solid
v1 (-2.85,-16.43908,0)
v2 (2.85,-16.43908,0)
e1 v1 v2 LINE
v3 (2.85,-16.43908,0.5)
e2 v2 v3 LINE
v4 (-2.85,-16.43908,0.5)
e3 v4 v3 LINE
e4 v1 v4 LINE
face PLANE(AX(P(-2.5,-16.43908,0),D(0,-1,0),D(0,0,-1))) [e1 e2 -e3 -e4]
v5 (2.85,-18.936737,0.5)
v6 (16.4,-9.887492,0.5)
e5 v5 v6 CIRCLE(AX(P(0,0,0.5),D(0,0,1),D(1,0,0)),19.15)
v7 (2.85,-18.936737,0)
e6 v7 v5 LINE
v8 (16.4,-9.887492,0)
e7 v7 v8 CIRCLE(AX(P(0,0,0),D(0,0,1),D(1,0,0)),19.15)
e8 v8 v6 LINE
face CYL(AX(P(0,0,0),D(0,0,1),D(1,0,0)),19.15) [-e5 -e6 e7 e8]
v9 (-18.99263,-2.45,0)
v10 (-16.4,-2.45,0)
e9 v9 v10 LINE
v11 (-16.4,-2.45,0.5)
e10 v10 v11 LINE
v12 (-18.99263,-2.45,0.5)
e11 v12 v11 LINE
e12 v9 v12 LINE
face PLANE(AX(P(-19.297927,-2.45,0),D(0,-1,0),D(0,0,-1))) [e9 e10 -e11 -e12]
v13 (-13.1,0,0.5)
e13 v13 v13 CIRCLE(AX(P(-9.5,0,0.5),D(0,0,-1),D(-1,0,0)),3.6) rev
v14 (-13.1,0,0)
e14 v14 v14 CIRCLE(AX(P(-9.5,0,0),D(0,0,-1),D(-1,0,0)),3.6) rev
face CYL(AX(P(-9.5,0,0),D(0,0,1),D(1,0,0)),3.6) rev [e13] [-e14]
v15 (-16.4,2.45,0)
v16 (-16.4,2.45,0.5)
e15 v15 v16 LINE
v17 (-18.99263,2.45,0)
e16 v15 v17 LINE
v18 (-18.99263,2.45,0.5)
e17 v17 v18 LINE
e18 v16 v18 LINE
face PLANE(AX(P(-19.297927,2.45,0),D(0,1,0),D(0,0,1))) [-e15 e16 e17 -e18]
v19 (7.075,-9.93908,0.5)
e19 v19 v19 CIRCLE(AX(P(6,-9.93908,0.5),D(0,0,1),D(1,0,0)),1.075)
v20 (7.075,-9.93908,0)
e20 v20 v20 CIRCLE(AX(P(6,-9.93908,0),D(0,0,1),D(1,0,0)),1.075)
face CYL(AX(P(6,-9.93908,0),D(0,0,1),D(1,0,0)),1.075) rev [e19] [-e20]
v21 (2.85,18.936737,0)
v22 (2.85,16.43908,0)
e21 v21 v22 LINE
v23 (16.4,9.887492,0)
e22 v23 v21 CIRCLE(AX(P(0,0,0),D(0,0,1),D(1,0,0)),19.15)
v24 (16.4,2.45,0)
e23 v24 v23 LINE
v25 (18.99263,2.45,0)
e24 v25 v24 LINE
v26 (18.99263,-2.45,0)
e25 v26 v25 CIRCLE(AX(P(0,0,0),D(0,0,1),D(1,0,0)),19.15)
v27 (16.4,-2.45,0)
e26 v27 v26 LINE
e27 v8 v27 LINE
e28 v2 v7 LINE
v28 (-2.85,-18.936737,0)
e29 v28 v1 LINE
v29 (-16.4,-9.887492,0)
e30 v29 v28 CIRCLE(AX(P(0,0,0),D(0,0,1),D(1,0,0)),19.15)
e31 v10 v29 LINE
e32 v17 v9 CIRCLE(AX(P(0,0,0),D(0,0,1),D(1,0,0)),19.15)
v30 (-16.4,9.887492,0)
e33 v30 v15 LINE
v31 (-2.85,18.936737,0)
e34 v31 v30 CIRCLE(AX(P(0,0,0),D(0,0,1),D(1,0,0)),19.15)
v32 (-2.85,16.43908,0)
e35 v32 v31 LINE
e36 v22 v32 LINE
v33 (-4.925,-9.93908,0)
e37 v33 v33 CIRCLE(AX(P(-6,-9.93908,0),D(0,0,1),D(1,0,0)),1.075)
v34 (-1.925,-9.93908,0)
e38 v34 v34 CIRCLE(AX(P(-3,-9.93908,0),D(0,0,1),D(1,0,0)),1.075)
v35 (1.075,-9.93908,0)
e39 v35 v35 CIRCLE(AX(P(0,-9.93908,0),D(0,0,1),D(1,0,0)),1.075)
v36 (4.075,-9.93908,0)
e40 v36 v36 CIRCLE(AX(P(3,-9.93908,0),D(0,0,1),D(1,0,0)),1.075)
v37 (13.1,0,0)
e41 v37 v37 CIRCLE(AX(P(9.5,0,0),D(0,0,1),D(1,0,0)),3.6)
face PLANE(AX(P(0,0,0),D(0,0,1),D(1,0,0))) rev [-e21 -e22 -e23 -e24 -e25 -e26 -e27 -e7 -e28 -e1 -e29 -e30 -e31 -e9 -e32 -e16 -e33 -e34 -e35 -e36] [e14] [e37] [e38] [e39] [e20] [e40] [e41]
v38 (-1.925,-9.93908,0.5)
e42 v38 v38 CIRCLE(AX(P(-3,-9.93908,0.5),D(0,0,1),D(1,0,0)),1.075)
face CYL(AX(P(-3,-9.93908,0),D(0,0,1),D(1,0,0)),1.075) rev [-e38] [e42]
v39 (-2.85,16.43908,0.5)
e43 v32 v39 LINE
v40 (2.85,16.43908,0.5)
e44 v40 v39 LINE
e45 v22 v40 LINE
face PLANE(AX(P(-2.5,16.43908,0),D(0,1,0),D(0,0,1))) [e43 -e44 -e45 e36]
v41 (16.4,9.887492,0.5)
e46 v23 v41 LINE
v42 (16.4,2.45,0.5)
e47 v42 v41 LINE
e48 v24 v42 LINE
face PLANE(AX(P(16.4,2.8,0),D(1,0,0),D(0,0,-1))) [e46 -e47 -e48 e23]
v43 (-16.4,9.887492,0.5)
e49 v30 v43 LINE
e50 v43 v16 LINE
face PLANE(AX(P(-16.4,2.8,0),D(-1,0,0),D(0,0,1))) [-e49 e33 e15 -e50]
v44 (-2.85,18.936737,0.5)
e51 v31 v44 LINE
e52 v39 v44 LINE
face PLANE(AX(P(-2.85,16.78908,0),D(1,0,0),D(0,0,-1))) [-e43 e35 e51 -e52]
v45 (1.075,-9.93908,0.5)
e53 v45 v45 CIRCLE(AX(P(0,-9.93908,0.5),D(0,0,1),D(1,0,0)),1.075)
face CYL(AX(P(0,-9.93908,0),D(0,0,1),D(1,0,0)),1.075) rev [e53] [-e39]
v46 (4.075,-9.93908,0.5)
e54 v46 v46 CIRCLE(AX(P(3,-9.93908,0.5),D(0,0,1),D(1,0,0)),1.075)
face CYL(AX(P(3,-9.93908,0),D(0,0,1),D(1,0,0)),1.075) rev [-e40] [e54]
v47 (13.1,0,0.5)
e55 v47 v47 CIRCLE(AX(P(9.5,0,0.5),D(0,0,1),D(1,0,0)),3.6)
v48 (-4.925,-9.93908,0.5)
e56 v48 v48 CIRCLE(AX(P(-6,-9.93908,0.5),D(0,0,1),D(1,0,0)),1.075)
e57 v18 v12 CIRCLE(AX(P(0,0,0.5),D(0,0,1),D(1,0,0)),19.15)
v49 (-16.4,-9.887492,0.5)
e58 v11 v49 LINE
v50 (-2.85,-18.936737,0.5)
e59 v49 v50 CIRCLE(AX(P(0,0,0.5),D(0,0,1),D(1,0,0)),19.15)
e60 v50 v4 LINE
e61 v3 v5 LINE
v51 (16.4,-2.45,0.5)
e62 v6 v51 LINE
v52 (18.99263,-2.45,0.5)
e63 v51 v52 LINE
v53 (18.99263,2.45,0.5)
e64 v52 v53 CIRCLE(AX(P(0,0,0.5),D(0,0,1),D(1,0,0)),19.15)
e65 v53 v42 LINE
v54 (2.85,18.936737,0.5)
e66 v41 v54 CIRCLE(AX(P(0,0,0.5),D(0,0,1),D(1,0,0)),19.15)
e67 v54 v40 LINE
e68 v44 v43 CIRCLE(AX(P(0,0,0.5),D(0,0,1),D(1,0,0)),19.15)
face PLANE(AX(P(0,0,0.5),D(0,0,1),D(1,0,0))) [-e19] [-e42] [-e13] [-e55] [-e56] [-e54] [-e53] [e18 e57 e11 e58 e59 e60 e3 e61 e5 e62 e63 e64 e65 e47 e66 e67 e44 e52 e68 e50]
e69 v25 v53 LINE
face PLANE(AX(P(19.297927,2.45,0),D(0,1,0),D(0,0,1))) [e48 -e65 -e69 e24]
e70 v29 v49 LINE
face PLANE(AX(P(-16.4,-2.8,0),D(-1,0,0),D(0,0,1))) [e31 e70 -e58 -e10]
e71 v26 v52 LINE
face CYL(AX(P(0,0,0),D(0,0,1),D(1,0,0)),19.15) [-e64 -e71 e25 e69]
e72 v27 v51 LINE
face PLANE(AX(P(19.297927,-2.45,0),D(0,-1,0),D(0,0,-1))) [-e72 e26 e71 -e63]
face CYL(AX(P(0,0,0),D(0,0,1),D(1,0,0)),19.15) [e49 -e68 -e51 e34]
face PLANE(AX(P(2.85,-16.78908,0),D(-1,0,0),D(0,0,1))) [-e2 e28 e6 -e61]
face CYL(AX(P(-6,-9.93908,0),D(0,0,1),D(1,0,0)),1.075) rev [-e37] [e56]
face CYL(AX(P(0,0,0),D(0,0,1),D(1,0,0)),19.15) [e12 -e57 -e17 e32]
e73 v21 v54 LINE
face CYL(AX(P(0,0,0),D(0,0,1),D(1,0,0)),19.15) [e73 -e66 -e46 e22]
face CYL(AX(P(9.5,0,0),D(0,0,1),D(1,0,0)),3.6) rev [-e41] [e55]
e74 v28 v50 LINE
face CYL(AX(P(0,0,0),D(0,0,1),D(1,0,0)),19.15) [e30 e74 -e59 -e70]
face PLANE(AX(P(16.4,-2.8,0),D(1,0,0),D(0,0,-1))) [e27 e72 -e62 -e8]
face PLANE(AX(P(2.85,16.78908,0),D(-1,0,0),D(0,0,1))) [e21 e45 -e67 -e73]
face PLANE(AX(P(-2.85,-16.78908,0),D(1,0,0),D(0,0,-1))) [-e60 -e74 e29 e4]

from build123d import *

# Parameters (mm, degrees)
IZIM1_R                     = 3.25
IZIM1_R_2                   = 0.725
Y_KSEKLIK_EKSTR_ZYON3_DEPTH = 0.5
IZIM2_R                     = 1.075
IZIM2_R_2                   = 0.375
IZIM2_R_3                   = 3.6
IZIM2_R_4                   = 2.9
KES_EKSTR_ZYON_NCE1_DEPTH   = 0.5


with BuildPart() as part:
    # Çizim1 → Yükseklik-Ekstrüzyon3 (new body)
    with BuildSketch(Plane.XY):
        with BuildLine():
            Line((-19.29792735, 2.8), (-16.75, 2.8))
            Line((-16.75, 2.8), (-16.75, 9.984362774))
            ThreePointArc((-16.75, 9.984362774), (-10.701322664, 16.301278884), (-2.5, 19.339079606))
            Line((-2.5, 19.339079606), (-2.5, 16.789079606))
            Line((-2.5, 16.789079606), (2.5, 16.789079606))
            Line((2.5, 16.789079606), (2.5, 19.339079606))
            ThreePointArc((2.5, 19.339079606), (10.701322664, 16.301278884), (16.75, 9.984362774))
            Line((16.75, 9.984362774), (16.75, 2.8))
            Line((16.75, 2.8), (19.29792735, 2.8))
            ThreePointArc((19.29792735, 2.8), (19.5, 0), (19.29792735, -2.8))
            Line((19.29792735, -2.8), (16.75, -2.8))
            Line((16.75, -2.8), (16.75, -9.984362774))
            ThreePointArc((16.75, -9.984362774), (10.701322664, -16.301278884), (2.5, -19.339079606))
            Line((2.5, -19.339079606), (2.5, -16.789079606))
            Line((2.5, -16.789079606), (-2.5, -16.789079606))
            Line((-2.5, -16.789079606), (-2.5, -19.339079606))
            ThreePointArc((-2.5, -19.339079606), (-10.701322664, -16.301278884), (-16.75, -9.984362774))
            Line((-16.75, -9.984362774), (-16.75, -2.8))
            Line((-16.75, -2.8), (-19.29792735, -2.8))
            ThreePointArc((-19.29792735, -2.8), (-19.5, 0), (-19.29792735, 2.8))
        make_face()
        with Locations((9.5, 0)):
            Circle(IZIM1_R, mode=Mode.SUBTRACT)
        with Locations((0, -9.939079606)):
            Circle(IZIM1_R_2, mode=Mode.SUBTRACT)
        with Locations(Location((-9.5, 0, 0), (0, 0, 180))):
            Circle(IZIM1_R, mode=Mode.SUBTRACT)
        with Locations((3, -9.939079606)):
            Circle(IZIM1_R_2, mode=Mode.SUBTRACT)
        with Locations((6, -9.939079606)):
            Circle(IZIM1_R_2, mode=Mode.SUBTRACT)
        with Locations((-3, -9.939079606)):
            Circle(IZIM1_R_2, mode=Mode.SUBTRACT)
        with Locations((-6, -9.939079606)):
            Circle(IZIM1_R_2, mode=Mode.SUBTRACT)
    extrude(amount=Y_KSEKLIK_EKSTR_ZYON3_DEPTH)

    # Çizim2 → Kes-Ekstrüzyon-İnce1 (cut)
    with BuildSketch(Plane.XY.offset(0.5)):
        with BuildLine():
            Line((-17.1, -10.080302575), (-17.1, -3.15))
            Line((-17.1, -3.15), (-19.598469328, -3.15))
            ThreePointArc((-19.598469328, -3.15), (-19.85, 0), (-19.598469328, 3.15))
            Line((-19.598469328, 3.15), (-17.1, 3.15))
            Line((-17.1, 3.15), (-17.1, 10.080302575))
            ThreePointArc((-17.1, 10.080302575), (-10.767327068, 16.675945785), (-2.15, 19.73322072))
            Line((-2.15, 19.73322072), (-2.15, 17.139079606))
            Line((-2.15, 17.139079606), (2.15, 17.139079606))
            Line((2.15, 17.139079606), (2.15, 19.73322072))
            ThreePointArc((2.15, 19.73322072), (10.767327068, 16.675945785), (17.1, 10.080302575))
            Line((17.1, 10.080302575), (17.1, 3.15))
            Line((17.1, 3.15), (19.598469328, 3.15))
            ThreePointArc((19.598469328, 3.15), (19.85, 0), (19.598469328, -3.15))
            Line((19.598469328, -3.15), (17.1, -3.15))
            Line((17.1, -3.15), (17.1, -10.080302575))
            ThreePointArc((17.1, -10.080302575), (10.767327068, -16.675945785), (2.15, -19.73322072))
            Line((2.15, -19.73322072), (2.15, -17.139079606))
            Line((2.15, -17.139079606), (-2.15, -17.139079606))
            Line((-2.15, -17.139079606), (-2.15, -19.73322072))
            ThreePointArc((-2.15, -19.73322072), (-10.767327068, -16.675945785), (-17.1, -10.080302575))
        make_face()
        with BuildLine():
            Line((-16.4, -9.887492099), (-16.4, -2.45))
            Line((-16.4, -2.45), (-18.99263015, -2.45))
            ThreePointArc((-18.99263015, -2.45), (-19.15, 0), (-18.99263015, 2.45))
            Line((-18.99263015, 2.45), (-16.4, 2.45))
            Line((-16.4, 2.45), (-16.4, 9.887492099))
            ThreePointArc((-16.4, 9.887492099), (-10.635451675, 15.925126928), (-2.85, 18.936736783))
            Line((-2.85, 18.936736783), (-2.85, 16.439079606))
            Line((-2.85, 16.439079606), (2.85, 16.439079606))
            Line((2.85, 16.439079606), (2.85, 18.936736783))
            ThreePointArc((2.85, 18.936736783), (10.635451675, 15.925126928), (16.4, 9.887492099))
            Line((16.4, 9.887492099), (16.4, 2.45))
            Line((16.4, 2.45), (18.99263015, 2.45))
            ThreePointArc((18.99263015, 2.45), (19.15, 0), (18.99263015, -2.45))
            Line((18.99263015, -2.45), (16.4, -2.45))
            Line((16.4, -2.45), (16.4, -9.887492099))
            ThreePointArc((16.4, -9.887492099), (10.635451675, -15.925126928), (2.85, -18.936736783))
            Line((2.85, -18.936736783), (2.85, -16.439079606))
            Line((2.85, -16.439079606), (-2.85, -16.439079606))
            Line((-2.85, -16.439079606), (-2.85, -18.936736783))
            ThreePointArc((-2.85, -18.936736783), (-10.635451675, -15.925126928), (-16.4, -9.887492099))
        make_face(mode=Mode.SUBTRACT)
        with Locations((-6, -9.939079606)):
            Circle(IZIM2_R)
        with Locations((-6, -9.939079606)):
            Circle(IZIM2_R_2, mode=Mode.SUBTRACT)
        with Locations((-3, -9.939079606)):
            Circle(IZIM2_R)
        with Locations((-3, -9.939079606)):
            Circle(IZIM2_R_2, mode=Mode.SUBTRACT)
        with Locations((6, -9.939079606)):
            Circle(IZIM2_R)
        with Locations((6, -9.939079606)):
            Circle(IZIM2_R_2, mode=Mode.SUBTRACT)
        with Locations((3, -9.939079606)):
            Circle(IZIM2_R)
        with Locations((3, -9.939079606)):
            Circle(IZIM2_R_2, mode=Mode.SUBTRACT)
        with Locations((-9.5, 0)):
            Circle(IZIM2_R_3)
        with Locations((-9.5, 0)):
            Circle(IZIM2_R_4, mode=Mode.SUBTRACT)
        with Locations((0, -9.939079606)):
            Circle(IZIM2_R)
        with Locations((0, -9.939079606)):
            Circle(IZIM2_R_2, mode=Mode.SUBTRACT)
        with Locations((9.5, 0)):
            Circle(IZIM2_R_3)
        with Locations((9.5, 0)):
            Circle(IZIM2_R_4, mode=Mode.SUBTRACT)
    extrude(amount=-KES_EKSTR_ZYON_NCE1_DEPTH, mode=Mode.SUBTRACT)


solid = part.part
